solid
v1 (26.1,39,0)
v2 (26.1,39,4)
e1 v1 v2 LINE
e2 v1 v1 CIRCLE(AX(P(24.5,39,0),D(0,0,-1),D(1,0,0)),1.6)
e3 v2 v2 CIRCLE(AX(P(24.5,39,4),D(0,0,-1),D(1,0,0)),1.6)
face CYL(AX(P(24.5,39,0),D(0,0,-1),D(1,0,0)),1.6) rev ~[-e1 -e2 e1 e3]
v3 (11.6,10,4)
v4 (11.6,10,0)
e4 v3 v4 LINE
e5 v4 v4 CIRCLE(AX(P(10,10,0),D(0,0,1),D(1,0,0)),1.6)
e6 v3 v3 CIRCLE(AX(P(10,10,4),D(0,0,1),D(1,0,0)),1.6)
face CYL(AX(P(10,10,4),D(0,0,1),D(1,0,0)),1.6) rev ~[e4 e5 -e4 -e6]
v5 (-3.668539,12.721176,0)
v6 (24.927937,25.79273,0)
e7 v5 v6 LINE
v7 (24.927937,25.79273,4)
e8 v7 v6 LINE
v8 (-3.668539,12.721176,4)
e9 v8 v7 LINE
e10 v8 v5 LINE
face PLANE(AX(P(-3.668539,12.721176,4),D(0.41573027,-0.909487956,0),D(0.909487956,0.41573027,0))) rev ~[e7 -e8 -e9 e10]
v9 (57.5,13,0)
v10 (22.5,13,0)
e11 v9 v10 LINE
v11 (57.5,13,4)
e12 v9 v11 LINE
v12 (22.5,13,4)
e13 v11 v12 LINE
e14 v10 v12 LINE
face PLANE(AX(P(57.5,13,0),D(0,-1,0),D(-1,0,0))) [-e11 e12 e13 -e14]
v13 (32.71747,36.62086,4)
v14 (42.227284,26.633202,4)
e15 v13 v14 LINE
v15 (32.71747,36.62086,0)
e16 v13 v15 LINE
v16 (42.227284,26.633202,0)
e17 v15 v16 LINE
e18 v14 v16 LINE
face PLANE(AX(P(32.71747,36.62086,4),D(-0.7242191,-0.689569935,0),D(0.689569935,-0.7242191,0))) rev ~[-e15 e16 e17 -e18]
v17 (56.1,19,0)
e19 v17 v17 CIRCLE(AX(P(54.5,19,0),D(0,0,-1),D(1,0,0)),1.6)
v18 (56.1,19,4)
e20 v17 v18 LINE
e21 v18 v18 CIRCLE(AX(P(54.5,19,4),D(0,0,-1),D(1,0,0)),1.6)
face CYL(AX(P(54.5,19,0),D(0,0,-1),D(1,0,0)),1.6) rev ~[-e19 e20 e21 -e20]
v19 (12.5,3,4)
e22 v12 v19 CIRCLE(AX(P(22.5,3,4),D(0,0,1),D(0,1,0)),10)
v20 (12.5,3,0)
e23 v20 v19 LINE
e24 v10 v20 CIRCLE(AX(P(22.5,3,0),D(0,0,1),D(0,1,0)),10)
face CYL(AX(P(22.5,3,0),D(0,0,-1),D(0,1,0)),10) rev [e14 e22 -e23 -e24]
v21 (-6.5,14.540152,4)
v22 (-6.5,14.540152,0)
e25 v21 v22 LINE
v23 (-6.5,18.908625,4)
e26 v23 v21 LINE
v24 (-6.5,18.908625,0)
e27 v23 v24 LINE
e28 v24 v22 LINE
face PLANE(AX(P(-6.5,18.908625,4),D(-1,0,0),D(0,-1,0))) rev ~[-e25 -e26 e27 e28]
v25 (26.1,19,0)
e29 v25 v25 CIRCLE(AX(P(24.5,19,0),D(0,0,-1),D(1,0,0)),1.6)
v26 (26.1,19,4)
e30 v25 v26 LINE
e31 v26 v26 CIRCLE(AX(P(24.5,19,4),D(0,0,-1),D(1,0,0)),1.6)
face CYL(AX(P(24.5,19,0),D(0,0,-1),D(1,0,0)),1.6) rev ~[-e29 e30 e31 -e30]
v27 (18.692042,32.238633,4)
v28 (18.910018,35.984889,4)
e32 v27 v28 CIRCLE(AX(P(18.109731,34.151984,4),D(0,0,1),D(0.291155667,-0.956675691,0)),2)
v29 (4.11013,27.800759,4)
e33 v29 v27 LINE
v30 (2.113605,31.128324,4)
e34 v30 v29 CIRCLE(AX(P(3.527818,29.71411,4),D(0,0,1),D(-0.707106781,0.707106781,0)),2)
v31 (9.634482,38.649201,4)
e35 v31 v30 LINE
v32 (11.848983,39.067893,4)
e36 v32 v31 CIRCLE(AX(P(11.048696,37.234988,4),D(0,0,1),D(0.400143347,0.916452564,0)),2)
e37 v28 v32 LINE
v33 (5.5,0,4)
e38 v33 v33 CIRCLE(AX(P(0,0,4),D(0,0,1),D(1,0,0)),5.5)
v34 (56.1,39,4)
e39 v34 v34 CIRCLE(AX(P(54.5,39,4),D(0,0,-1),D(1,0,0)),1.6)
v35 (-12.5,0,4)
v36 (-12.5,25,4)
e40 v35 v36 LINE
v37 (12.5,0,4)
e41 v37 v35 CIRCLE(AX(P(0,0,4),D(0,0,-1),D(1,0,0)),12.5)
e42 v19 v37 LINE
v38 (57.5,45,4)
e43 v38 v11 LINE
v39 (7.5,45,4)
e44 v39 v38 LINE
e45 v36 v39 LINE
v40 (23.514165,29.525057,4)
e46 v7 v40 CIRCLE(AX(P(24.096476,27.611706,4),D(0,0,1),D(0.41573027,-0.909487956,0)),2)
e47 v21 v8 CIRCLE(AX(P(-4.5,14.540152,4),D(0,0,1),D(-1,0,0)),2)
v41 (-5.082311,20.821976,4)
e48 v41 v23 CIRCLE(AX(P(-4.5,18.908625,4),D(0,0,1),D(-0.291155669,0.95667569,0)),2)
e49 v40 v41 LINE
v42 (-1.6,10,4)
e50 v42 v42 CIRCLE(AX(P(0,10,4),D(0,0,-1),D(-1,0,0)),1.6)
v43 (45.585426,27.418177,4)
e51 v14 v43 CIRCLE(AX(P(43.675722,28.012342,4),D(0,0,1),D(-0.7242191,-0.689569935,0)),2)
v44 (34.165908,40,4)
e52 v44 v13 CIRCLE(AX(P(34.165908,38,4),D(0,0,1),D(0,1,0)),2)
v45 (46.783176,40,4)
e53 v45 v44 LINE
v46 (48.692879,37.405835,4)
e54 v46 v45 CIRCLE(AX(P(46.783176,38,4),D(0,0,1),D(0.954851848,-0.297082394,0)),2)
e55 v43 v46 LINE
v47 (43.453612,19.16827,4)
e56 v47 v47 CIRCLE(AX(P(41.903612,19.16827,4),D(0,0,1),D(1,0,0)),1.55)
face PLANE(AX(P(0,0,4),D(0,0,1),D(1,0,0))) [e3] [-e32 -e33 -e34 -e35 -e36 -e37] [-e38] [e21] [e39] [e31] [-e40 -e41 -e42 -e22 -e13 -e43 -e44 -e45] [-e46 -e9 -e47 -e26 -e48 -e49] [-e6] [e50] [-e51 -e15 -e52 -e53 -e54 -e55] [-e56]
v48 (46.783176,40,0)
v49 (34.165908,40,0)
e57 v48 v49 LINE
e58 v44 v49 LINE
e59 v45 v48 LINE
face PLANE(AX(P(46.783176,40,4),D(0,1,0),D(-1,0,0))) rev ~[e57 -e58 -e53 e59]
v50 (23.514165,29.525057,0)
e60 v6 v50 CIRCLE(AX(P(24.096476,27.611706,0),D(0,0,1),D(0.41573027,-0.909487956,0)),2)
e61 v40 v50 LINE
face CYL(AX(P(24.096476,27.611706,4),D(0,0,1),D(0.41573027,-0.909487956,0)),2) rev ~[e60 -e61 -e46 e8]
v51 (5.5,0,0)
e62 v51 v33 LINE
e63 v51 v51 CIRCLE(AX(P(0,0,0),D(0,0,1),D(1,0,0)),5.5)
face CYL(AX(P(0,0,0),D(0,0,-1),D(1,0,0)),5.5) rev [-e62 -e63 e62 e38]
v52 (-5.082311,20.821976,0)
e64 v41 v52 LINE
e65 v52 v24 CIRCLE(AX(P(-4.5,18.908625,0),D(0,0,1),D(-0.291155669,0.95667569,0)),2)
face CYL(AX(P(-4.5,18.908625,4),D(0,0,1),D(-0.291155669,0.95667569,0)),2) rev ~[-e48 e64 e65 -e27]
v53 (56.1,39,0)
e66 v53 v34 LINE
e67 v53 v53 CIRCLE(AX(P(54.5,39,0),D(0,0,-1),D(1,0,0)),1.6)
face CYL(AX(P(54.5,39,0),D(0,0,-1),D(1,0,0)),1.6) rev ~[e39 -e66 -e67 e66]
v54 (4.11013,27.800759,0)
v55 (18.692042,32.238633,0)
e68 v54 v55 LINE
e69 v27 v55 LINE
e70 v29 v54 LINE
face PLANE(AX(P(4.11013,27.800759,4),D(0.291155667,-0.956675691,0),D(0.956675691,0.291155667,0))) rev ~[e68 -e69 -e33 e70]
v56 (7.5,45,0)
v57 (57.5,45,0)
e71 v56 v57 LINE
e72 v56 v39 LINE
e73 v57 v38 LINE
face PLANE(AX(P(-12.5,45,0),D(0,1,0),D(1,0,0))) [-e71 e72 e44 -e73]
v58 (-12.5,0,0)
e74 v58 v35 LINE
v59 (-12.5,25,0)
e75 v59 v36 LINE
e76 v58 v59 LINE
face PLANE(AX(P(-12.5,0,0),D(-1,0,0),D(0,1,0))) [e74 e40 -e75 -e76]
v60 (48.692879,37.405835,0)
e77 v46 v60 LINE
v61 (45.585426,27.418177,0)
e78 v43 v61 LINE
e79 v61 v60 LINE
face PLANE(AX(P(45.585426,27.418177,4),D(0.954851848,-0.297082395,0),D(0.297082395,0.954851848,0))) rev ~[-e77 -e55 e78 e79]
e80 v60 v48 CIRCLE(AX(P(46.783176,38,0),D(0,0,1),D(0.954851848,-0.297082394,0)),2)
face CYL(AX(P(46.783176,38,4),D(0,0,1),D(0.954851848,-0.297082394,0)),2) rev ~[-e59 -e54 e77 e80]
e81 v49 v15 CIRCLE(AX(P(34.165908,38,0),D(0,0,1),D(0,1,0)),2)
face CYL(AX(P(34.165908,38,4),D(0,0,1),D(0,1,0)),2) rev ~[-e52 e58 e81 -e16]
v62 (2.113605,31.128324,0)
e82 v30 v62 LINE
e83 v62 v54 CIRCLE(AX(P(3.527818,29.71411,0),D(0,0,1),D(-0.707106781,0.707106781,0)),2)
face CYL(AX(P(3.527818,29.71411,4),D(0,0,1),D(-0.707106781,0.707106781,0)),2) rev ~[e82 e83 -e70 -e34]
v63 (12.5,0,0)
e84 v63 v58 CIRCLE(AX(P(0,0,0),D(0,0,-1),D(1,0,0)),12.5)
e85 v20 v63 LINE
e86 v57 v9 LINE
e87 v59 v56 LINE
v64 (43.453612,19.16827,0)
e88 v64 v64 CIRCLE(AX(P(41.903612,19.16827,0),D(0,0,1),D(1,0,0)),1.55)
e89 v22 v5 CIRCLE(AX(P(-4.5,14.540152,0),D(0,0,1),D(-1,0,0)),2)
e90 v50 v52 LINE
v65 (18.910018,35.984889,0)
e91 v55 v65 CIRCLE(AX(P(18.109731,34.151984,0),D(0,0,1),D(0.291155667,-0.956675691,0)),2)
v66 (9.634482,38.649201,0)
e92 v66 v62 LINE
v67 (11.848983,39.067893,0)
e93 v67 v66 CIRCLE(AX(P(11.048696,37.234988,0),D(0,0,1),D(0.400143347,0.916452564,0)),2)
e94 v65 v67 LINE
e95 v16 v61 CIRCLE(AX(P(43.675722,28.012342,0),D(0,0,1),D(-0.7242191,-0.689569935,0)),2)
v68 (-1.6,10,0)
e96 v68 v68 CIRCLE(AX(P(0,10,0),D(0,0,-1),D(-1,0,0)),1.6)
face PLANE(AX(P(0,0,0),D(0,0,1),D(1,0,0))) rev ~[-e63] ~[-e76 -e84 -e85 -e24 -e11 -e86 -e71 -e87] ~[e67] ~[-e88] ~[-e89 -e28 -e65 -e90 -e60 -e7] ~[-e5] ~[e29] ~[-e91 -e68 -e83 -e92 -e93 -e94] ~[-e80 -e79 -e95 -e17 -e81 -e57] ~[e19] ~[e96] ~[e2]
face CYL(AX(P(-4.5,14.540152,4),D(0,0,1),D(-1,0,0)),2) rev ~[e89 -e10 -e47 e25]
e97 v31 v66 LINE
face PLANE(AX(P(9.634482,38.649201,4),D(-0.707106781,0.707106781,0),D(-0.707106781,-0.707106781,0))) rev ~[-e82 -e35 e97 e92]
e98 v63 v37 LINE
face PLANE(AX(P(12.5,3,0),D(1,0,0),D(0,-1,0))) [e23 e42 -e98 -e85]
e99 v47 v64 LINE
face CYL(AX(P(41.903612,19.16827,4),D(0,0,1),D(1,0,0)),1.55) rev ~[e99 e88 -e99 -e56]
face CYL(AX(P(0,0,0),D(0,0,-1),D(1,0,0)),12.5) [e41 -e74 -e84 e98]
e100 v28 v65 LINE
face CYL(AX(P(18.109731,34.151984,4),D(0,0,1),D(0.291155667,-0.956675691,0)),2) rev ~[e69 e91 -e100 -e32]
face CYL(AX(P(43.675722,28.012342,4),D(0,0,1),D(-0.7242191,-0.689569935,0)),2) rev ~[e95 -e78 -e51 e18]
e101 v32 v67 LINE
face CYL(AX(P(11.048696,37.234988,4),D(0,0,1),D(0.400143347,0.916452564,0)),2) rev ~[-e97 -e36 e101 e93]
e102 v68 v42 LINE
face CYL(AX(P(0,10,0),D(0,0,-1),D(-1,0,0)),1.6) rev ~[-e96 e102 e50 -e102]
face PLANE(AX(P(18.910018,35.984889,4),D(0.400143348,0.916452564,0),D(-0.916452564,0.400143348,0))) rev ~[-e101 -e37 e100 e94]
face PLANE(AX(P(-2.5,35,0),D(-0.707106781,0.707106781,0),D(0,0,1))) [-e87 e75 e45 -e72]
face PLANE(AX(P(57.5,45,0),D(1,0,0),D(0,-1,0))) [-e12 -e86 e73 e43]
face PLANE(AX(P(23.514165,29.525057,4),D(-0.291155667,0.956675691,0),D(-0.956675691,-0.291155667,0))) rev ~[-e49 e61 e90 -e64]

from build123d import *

# Parameters (mm, degrees)
SKETCH_1_R          = 1.6
SKETCH_1_R_2        = 6.075
EXTRUDE_1_DEPTH     = 4
CUT_EXTRUDE_1_REACH = 75.125
SKETCH_2_R          = 1.6
CUT_EXTRUDE_2_REACH = 75.125
SKETCH_3_R          = 1.6
CUT_EXTRUDE_3_REACH = 75.125
SKETCH_4_R          = 1.55
EXTRUDE_START       = -4
SKETCH_5_R          = 6.075
SKETCH_5_R_2        = 5.5
EXTRUDE_2_DEPTH     = 4
CHAMFER_1_SIZE      = 20
CUT_EXTRUDE_4_DEPTH = 10


with BuildPart() as part:
    # 草图1 → 凸台-拉伸1 (new body)
    with BuildSketch(Plane(origin=(0, 0, 0), x_dir=(-1, 0, 0), z_dir=(0, 0, -1))):
        with BuildLine():
            Line((12.5, 0), (12.5, 15))
            Line((12.5, 15), (12.5, 45))
            Line((12.5, 45), (-17.5, 45))
            Line((-17.5, 45), (-57.5, 45))
            Line((-57.5, 45), (-57.5, 13))
            Line((-57.5, 13), (-22.5, 13))
            ThreePointArc((-22.5, 13), (-15.428932188, 10.071067812), (-12.5, 3))
            Line((-12.5, 3), (-12.5, 0))
            ThreePointArc((-12.5, 0), (0, -12.5), (12.5, 0))
        make_face()
        with Locations(Location((-54.5, 19, 0), (0, 0, 180))):
            Circle(SKETCH_1_R, mode=Mode.SUBTRACT)
        with Locations(Location((-24.5, 19, 0), (0, 0, 180))):
            Circle(SKETCH_1_R, mode=Mode.SUBTRACT)
        with Locations(Location((-24.5, 39, 0), (0, 0, 180))):
            Circle(SKETCH_1_R, mode=Mode.SUBTRACT)
        with Locations(Location((-54.5, 39, 0), (0, 0, 180))):
            Circle(SKETCH_1_R, mode=Mode.SUBTRACT)
        with Locations(Location((0, 0, 0), (0, 0, 180))):
            Circle(SKETCH_1_R_2, mode=Mode.SUBTRACT)
    extrude(amount=-EXTRUDE_1_DEPTH)

    # 草图2 → 切除-拉伸1 (cut, up to next)
    with BuildSketch(Plane(origin=(0, 0, 0), x_dir=(-1, 0, 0), z_dir=(0, 0, -1)), mode=Mode.PRIVATE) as cut_extrude_1_sk1:
        with Locations((0, 10)):
            Circle(SKETCH_2_R)
    cut_extrude_1_tool1 = extrude(cut_extrude_1_sk1.sketch, amount=-CUT_EXTRUDE_1_REACH, mode=Mode.PRIVATE) & part.part
    add(cut_extrude_1_tool1.solids().sort_by_distance((0, 10, 0))[0], mode=Mode.SUBTRACT)

    # 草图3 → 切除-拉伸2 (cut, up to next)
    with BuildSketch(Plane.XY.offset(4), mode=Mode.PRIVATE) as cut_extrude_2_sk1:
        with Locations((10, 10)):
            Circle(SKETCH_3_R)
    cut_extrude_2_tool1 = extrude(cut_extrude_2_sk1.sketch, amount=-CUT_EXTRUDE_2_REACH, mode=Mode.PRIVATE) & part.part
    add(cut_extrude_2_tool1.solids().sort_by_distance((10, 10, 4))[0], mode=Mode.SUBTRACT)

    # 草图4 → 切除-拉伸3 (cut, up to next)
    with BuildSketch(Plane.XY.offset(4), mode=Mode.PRIVATE) as cut_extrude_3_sk1:
        with Locations((41.903612375, 19.168270074)):
            Circle(SKETCH_4_R)
    cut_extrude_3_tool1 = extrude(cut_extrude_3_sk1.sketch, amount=-CUT_EXTRUDE_3_REACH, mode=Mode.PRIVATE) & part.part
    add(cut_extrude_3_tool1.solids().sort_by_distance((41.903612, 19.16827, 4))[0], mode=Mode.SUBTRACT)

    # 草图5 → 凸台-拉伸2 (add)
    with BuildSketch(Plane.XY.offset(4).offset(EXTRUDE_START)):
        Circle(SKETCH_5_R)
        Circle(SKETCH_5_R_2, mode=Mode.SUBTRACT)
    extrude(amount=EXTRUDE_2_DEPTH)

    # 倒角1
    chamfer_1_edges = [part.edges().sort_by_distance(p)[0] for p in [
        (-12.5, 45, 2),
    ]]
    chamfer(chamfer_1_edges, length=CHAMFER_1_SIZE)

    # 草图6 → 切除-拉伸4 (cut)
    with BuildSketch(Plane.XY.offset(4)):
        with BuildLine():
            Line((9.634482471, 38.649201097), (2.113604897, 31.128323523))
            ThreePointArc((2.113604897, 31.128323523), (1.812829409, 28.685123781), (4.110129794, 27.800758579))
            Line((4.110129794, 27.800758579), (18.692042435, 32.238632926))
            ThreePointArc((18.692042435, 32.238632926), (20.106354196, 34.035811099), (18.910017796, 35.984889435))
            Line((18.910017796, 35.984889435), (11.848982729, 39.067892662))
            ThreePointArc((11.848982729, 39.067892662), (10.677142261, 39.200171443), (9.634482471, 38.649201097))
        make_face()
        with BuildLine():
            Line((32.71747005, 36.620860129), (42.227284145, 26.633201667))
            ThreePointArc((42.227284145, 26.633201667), (44.130956278, 26.064840044), (45.58542604, 27.418176749))
            Line((45.58542604, 27.418176749), (48.692879305, 37.405835211))
            ThreePointArc((48.692879305, 37.405835211), (48.393816721, 39.185679219), (46.783175609, 40))
            Line((46.783175609, 40), (34.165908249, 40))
            ThreePointArc((34.165908249, 40), (32.327664557, 38.787946781), (32.71747005, 36.620860129))
        make_face()
        with BuildLine():
            Line((-6.5, 18.908624945), (-6.5, 14.540152244))
            ThreePointArc((-6.5, 14.540152244), (-5.580990037, 12.857457816), (-3.668539461, 12.721176331))
            Line((-3.668539461, 12.721176331), (24.927936602, 25.79273008))
            ThreePointArc((24.927936602, 25.79273008), (25.966793038, 28.320165173), (23.514164728, 29.525057374))
            Line((23.514164728, 29.525057374), (-5.082311335, 20.821976327))
            ThreePointArc((-5.082311335, 20.821976327), (-6.106957166, 20.099292264), (-6.5, 18.908624945))
        make_face()
    extrude(amount=-CUT_EXTRUDE_4_DEPTH, mode=Mode.SUBTRACT)


solid = part.part
